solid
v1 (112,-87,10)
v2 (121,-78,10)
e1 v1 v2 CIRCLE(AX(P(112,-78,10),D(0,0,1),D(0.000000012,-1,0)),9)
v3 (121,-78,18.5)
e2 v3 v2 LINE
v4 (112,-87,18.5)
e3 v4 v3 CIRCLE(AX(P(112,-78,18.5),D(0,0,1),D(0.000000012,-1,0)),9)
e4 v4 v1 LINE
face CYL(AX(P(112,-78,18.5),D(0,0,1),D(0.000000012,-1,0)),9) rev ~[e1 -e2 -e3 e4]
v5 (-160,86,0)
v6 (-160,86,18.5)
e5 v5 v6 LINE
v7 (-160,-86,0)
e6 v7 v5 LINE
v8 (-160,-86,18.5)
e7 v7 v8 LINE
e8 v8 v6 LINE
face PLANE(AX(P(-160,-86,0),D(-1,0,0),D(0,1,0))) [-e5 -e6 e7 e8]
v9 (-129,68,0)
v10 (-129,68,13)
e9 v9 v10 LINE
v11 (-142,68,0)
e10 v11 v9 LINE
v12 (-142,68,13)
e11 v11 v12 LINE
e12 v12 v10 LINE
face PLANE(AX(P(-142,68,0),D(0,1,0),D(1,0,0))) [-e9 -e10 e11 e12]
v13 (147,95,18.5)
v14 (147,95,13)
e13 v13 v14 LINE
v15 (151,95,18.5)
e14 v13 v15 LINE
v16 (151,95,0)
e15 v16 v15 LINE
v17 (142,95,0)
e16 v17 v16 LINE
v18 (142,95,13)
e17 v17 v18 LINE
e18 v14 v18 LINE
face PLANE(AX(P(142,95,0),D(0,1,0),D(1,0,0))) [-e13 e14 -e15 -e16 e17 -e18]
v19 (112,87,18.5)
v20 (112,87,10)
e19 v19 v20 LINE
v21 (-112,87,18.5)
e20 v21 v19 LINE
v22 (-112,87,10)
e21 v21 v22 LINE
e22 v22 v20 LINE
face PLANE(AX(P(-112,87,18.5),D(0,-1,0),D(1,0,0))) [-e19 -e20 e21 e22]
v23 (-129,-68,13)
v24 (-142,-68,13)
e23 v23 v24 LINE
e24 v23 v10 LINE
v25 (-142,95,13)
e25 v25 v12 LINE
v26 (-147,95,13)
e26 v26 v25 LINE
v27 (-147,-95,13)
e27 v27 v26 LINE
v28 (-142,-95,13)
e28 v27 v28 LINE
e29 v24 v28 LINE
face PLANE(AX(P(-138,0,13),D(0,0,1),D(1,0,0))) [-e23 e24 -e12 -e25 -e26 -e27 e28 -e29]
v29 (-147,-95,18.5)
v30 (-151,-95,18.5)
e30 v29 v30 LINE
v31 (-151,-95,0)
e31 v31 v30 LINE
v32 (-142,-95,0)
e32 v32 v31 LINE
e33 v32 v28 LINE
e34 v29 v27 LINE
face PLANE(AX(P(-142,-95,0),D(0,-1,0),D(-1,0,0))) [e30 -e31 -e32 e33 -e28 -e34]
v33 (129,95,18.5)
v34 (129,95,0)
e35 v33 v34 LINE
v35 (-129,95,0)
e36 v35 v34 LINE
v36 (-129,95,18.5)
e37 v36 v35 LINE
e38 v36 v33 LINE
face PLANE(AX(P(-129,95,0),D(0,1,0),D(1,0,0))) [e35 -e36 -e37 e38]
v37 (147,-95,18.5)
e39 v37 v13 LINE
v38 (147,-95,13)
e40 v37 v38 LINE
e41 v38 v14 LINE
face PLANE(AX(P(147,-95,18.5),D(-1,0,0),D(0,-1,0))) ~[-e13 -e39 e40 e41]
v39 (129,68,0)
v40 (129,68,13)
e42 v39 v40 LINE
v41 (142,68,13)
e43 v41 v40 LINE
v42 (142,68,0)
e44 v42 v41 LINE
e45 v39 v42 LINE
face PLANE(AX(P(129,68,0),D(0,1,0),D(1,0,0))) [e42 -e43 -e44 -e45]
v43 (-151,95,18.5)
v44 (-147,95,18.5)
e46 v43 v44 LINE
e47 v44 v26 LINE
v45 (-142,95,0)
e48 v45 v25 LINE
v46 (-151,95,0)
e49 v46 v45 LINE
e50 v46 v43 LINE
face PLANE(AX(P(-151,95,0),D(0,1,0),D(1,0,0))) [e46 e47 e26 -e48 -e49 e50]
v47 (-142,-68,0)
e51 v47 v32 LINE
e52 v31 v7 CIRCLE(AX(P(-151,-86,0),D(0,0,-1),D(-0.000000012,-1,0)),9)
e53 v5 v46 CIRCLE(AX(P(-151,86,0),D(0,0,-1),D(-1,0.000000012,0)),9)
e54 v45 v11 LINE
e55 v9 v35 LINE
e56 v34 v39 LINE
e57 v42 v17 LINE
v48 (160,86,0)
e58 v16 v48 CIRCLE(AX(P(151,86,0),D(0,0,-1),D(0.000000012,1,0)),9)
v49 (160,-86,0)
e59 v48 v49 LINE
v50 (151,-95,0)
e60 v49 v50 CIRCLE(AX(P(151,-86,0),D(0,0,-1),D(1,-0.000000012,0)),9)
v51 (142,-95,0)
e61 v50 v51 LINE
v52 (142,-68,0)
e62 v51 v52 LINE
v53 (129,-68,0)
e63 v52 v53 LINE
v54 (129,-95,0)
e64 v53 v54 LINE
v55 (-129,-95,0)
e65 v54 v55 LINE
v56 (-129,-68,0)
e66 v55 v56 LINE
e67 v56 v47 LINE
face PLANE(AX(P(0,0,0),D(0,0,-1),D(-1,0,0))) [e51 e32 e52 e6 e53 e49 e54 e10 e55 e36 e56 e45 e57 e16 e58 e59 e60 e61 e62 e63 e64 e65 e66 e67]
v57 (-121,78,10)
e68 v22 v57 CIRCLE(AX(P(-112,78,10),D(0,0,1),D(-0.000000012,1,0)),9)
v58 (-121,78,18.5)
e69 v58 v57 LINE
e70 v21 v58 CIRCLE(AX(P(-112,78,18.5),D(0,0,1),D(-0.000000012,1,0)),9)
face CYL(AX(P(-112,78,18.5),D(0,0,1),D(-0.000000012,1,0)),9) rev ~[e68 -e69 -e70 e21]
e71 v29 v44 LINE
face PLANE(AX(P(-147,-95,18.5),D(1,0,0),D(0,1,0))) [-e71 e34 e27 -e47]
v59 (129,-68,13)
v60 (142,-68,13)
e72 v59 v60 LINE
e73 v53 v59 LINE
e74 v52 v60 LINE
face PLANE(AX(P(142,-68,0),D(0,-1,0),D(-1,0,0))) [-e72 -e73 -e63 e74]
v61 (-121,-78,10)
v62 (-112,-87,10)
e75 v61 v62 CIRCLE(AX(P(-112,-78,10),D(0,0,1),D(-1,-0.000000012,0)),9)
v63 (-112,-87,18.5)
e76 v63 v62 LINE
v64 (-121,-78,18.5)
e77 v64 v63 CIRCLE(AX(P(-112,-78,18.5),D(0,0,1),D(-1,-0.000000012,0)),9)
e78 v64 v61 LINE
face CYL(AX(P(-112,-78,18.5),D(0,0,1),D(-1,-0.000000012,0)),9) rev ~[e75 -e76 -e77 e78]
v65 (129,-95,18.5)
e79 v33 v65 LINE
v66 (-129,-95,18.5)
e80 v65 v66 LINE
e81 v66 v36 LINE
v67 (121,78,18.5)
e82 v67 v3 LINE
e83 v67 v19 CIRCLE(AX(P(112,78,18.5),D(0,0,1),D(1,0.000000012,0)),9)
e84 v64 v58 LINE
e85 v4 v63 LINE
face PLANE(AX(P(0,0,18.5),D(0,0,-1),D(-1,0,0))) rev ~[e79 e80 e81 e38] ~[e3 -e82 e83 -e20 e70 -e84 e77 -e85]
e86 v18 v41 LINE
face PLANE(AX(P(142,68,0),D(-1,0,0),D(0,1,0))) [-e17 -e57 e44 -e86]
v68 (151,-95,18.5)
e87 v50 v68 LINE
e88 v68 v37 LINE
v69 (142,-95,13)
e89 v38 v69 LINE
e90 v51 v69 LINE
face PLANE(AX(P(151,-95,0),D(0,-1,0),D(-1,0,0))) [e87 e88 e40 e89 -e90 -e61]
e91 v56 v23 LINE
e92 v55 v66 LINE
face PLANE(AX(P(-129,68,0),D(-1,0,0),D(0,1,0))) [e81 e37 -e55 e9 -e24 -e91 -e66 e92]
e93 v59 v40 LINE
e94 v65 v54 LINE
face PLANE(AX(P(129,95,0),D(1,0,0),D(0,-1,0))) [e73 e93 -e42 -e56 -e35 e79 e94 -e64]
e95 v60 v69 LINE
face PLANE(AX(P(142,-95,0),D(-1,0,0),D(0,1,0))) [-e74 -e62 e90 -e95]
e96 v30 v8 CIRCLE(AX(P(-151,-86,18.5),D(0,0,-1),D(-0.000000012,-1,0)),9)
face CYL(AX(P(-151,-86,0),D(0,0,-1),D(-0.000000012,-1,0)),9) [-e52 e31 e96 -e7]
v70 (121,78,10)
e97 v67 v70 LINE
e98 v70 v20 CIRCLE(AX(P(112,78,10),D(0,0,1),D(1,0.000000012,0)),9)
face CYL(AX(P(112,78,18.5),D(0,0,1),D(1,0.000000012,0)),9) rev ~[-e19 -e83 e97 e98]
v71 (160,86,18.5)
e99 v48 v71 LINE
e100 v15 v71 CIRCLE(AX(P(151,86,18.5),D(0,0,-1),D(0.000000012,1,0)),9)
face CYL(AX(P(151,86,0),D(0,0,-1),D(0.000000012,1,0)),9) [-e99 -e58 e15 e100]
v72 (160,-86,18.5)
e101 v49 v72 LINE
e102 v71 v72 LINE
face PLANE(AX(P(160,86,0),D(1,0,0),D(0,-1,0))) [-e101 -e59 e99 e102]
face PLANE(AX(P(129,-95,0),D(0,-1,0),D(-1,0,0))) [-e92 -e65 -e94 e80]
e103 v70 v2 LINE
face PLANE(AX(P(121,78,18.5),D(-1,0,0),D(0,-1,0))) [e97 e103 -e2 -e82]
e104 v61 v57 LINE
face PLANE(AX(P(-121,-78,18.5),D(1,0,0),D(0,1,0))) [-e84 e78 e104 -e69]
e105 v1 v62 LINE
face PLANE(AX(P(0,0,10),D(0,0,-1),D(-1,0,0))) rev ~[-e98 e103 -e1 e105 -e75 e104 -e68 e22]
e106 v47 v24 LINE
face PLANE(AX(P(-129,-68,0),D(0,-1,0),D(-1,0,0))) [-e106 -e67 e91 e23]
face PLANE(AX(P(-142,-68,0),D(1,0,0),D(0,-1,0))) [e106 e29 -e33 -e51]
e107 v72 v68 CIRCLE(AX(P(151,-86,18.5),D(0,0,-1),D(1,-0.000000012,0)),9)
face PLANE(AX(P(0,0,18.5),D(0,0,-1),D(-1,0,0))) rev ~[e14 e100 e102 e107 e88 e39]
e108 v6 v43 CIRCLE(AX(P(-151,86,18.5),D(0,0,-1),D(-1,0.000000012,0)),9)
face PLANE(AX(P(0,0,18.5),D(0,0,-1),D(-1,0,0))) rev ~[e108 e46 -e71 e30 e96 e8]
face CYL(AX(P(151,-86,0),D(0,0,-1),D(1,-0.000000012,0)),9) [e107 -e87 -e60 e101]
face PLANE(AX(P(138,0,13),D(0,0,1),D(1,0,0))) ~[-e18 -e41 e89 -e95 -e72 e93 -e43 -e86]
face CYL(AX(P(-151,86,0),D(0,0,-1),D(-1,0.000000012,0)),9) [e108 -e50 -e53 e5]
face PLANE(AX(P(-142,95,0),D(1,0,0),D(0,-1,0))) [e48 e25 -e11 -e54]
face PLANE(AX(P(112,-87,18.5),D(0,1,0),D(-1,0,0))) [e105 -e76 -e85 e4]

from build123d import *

# Parameters (mm, degrees)
PAD003_DEPTH    = 18.5
SKETCH005_W     = 18
SKETCH005_H     = 190
POCKET_DEPTH    = 5.5
POCKET001_DEPTH = 8.5


with BuildPart() as part:
    # Clone2D002 → Pad003 (new body)
    with BuildSketch(Plane.XY):
        with BuildLine():
            Line((-151, 95), (-142, 95))
            Line((-142, 95), (-142, 68))
            Line((-142, 68), (-129, 68))
            Line((-129, 68), (-129, 95))
            Line((-129, 95), (129, 95))
            Line((129, 95), (129, 68))
            Line((129, 68), (142, 68))
            Line((142, 68), (142, 95))
            Line((142, 95), (151, 95))
            ThreePointArc((151, 95), (157.363961, 92.363961), (160, 86))
            Line((160, 86), (160, -86))
            ThreePointArc((160, -86), (157.363961, -92.363961), (151, -95))
            Line((151, -95), (142, -95))
            Line((142, -95), (142, -68))
            Line((142, -68), (129, -68))
            Line((129, -68), (129, -95))
            Line((129, -95), (-129, -95))
            Line((-129, -95), (-129, -68))
            Line((-129, -68), (-142, -68))
            Line((-142, -68), (-142, -95))
            Line((-142, -95), (-151, -95))
            ThreePointArc((-151, -95), (-157.363961, -92.363961), (-160, -86))
            Line((-160, -86), (-160, 86))
            ThreePointArc((-160, 86), (-157.363961, 92.363961), (-151, 95))
        make_face()
    extrude(amount=PAD003_DEPTH)

    # Sketch005 (on Face26 of Pad003) → Pocket (cut)
    with BuildSketch(Plane.XY.offset(18.5)):
        with Locations((-138, 0)):
            Rectangle(SKETCH005_W, SKETCH005_H)
    pocket = extrude(amount=-POCKET_DEPTH, mode=Mode.SUBTRACT)

    # Mirrored: Pocket across Sketch005 V_Axis
    add(pocket.mirror(Plane(origin=(0, 0, 18.5), x_dir=(0, 0, 1), z_dir=(1, 0, 0))), mode=Mode.SUBTRACT)

    # Sketch006 (on Face31 of Pocket) → Pocket001 (cut)
    with BuildSketch(Plane.XY.offset(18.5)):
        with BuildLine():
            Line((-112, 87), (112, 87))
            ThreePointArc((121, 78), (118.363961, 84.363961), (112, 87))
            Line((121, 78), (121, -78))
            ThreePointArc((112, -87), (118.363961, -84.363961), (121, -78))
            Line((112, -87), (-112, -87))
            ThreePointArc((-121, -78), (-118.363961, -84.363961), (-112, -87))
            Line((-121, -78), (-121, 78))
            ThreePointArc((-112, 87), (-118.363961, 84.363961), (-121, 78))
        make_face()
    pocket001 = extrude(amount=-POCKET001_DEPTH, mode=Mode.SUBTRACT)

    # Mirrored001: Pocket001 across Sketch006 V_Axis
    add(pocket001.mirror(Plane(origin=(0, 0, 18.5), x_dir=(0, 0, 1), z_dir=(1, 0, 0))), mode=Mode.SUBTRACT)


solid = part.part
